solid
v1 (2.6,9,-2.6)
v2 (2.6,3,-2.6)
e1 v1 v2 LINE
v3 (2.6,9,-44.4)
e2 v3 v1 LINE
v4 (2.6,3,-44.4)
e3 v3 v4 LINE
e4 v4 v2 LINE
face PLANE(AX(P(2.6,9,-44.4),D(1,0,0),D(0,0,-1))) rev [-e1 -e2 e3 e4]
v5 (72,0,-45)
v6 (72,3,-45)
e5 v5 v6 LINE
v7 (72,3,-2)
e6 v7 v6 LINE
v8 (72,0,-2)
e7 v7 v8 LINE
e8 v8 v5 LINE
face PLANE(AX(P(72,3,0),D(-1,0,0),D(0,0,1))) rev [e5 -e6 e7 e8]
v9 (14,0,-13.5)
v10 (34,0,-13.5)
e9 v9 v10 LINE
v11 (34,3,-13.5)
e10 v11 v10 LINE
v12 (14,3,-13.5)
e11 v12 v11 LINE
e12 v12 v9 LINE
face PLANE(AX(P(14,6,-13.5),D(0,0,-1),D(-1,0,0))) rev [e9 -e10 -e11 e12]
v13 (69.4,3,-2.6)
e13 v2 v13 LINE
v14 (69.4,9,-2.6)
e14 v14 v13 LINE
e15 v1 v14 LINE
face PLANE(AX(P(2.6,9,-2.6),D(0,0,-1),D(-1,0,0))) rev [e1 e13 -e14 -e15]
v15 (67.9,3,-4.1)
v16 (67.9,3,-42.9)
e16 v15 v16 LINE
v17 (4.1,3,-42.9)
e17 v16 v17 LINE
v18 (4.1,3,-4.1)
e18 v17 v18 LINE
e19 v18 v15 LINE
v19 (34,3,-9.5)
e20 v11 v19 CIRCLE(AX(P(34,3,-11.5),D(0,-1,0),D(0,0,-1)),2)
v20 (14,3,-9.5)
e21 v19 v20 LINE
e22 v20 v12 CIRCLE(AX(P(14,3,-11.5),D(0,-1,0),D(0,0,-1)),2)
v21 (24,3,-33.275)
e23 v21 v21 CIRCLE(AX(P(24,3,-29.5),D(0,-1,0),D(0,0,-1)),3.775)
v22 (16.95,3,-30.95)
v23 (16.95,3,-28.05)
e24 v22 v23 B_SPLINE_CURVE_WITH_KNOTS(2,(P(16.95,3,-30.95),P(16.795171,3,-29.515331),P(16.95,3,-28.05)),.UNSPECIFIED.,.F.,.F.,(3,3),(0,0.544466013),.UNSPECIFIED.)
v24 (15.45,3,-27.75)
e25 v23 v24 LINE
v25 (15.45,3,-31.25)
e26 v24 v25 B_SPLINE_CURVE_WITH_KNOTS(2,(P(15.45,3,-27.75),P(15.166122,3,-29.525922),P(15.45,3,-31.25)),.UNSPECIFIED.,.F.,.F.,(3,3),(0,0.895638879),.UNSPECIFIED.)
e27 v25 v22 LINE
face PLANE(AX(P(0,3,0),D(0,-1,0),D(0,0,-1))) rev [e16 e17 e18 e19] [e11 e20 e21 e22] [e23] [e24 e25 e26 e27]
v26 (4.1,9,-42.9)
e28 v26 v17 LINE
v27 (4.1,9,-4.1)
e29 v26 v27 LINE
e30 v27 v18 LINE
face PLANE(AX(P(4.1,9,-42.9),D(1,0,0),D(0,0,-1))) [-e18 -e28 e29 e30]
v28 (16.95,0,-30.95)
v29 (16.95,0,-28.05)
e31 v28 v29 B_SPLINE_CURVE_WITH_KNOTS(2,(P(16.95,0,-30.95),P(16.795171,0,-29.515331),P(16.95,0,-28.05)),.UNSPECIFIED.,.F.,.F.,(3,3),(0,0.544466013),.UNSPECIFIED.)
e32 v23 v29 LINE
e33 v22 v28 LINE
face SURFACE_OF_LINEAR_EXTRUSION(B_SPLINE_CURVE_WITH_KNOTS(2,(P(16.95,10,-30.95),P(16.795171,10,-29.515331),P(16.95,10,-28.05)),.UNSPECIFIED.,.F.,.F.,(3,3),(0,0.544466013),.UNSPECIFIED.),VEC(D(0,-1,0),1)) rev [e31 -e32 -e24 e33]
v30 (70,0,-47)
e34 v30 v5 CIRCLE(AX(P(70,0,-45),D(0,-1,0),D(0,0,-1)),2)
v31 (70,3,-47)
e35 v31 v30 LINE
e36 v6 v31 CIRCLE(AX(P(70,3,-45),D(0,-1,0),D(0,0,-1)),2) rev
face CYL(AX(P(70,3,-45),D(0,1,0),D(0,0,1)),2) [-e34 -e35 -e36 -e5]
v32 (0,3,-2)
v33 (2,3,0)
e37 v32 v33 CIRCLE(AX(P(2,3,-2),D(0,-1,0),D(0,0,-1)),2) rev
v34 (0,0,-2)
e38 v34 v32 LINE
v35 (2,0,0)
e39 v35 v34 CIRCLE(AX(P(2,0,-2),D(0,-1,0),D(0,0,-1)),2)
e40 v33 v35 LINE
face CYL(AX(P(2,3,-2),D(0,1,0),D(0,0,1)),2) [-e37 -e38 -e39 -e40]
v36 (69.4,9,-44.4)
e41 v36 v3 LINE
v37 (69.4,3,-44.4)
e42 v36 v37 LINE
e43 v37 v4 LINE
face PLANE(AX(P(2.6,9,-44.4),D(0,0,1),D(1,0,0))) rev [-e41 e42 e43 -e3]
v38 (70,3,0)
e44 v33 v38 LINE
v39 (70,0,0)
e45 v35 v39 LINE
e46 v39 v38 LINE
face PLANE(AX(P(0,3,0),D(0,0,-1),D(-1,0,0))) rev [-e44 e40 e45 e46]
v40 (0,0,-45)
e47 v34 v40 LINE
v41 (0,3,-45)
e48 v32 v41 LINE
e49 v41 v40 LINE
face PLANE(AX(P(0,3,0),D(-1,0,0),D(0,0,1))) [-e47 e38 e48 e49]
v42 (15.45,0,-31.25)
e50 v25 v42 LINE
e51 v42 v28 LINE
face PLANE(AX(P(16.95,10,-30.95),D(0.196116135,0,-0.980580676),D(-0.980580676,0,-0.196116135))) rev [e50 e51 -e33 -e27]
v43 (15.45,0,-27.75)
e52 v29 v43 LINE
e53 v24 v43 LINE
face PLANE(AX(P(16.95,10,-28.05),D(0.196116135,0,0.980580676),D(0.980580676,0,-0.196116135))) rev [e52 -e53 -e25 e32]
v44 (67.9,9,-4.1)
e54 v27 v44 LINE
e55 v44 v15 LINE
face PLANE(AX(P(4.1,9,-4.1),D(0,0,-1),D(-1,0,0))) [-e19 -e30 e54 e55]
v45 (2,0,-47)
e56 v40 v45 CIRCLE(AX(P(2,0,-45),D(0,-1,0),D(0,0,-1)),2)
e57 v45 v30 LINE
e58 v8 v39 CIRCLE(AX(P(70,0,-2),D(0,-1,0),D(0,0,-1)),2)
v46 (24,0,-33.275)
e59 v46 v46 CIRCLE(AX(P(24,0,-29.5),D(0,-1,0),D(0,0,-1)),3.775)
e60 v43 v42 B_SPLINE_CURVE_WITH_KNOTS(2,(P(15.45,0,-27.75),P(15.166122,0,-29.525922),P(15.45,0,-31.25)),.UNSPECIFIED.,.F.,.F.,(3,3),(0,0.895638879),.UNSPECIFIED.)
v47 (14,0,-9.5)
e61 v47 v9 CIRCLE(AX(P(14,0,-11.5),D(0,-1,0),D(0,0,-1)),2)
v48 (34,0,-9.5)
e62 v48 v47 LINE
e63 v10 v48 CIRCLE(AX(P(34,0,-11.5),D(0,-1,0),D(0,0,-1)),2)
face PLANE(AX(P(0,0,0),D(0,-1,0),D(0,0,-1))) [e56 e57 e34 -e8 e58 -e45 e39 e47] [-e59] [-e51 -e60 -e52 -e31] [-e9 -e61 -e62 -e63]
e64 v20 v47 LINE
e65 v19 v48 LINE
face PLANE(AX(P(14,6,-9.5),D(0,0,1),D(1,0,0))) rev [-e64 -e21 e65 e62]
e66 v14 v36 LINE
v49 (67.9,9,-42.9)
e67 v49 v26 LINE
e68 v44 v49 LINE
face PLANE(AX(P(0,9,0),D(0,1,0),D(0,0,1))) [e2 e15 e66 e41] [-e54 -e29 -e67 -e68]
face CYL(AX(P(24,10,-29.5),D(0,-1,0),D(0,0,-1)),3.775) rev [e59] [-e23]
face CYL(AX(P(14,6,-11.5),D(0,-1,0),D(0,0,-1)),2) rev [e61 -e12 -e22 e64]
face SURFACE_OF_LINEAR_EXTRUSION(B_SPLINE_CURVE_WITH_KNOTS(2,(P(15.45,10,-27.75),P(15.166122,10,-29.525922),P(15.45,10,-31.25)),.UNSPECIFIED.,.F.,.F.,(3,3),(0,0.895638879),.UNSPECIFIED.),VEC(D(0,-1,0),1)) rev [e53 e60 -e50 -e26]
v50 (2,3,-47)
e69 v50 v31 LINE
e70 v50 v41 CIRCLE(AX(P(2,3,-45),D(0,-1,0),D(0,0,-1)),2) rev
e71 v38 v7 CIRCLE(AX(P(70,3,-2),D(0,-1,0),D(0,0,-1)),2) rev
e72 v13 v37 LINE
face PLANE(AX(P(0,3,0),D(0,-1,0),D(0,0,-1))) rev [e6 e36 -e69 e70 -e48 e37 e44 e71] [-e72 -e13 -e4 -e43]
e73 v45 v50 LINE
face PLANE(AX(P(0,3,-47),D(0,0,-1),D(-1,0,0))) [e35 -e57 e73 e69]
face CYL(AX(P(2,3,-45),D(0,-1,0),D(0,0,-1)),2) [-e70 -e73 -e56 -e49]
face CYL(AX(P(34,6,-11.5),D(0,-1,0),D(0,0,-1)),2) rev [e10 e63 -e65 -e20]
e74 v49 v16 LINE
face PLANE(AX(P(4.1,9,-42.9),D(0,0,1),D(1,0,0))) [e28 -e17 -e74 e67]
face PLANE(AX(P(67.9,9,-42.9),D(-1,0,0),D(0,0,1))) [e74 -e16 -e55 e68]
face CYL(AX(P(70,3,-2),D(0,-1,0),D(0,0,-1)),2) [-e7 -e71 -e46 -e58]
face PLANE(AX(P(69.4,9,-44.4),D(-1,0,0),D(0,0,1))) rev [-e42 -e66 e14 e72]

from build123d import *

# Parameters (mm, degrees)
SKETCH2_W           = 72
SKETCH2_H           = 47
BOSS_EXTRUDE1_DEPTH = 3
FILLET1_R           = 2
SKETCH3_W           = 66.8
SKETCH3_H           = 41.8
SKETCH3_W_2         = 63.8
SKETCH3_H_2         = 38.8
BOSS_EXTRUDE2_DEPTH = 6
CUT_EXTRUDE1_DEPTH  = 6
SKETCH5_R           = 3.775
CUT_EXTRUDE2_DEPTH  = 10
CUT_EXTRUDE3_DEPTH  = 10


with BuildPart() as part:
    # Sketch2 → Boss-Extrude1 (new body)
    with BuildSketch(Plane(origin=(0, 0, 0), x_dir=(1, 0, 0), z_dir=(0, 1, 0))):
        with Locations((36, 23.5)):
            Rectangle(SKETCH2_W, SKETCH2_H)
    extrude(amount=BOSS_EXTRUDE1_DEPTH)

    # Fillet1
    fillet1_edges = [part.edges().sort_by_distance(p)[0] for p in [
        (0, 1.5, 0),
        (72, 1.5, 0),
        (72, 1.5, -47),
        (0, 1.5, -47),
    ]]
    fillet(fillet1_edges, radius=FILLET1_R)

    # Sketch3 → Boss-Extrude2 (add)
    with BuildSketch(Plane(origin=(0, 3, 0), x_dir=(1, 0, 0), z_dir=(0, 1, 0))):
        with Locations((36, 23.5)):
            Rectangle(SKETCH3_W, SKETCH3_H)
        with Locations((36, 23.5)):
            Rectangle(SKETCH3_W_2, SKETCH3_H_2, mode=Mode.SUBTRACT)
    extrude(amount=BOSS_EXTRUDE2_DEPTH)

    # Sketch4 → Cut-Extrude1 (cut)
    with BuildSketch(Plane.XZ):
        with BuildLine():
            Line((14, -9.5), (34, -9.5))
            ThreePointArc((34, -9.5), (36, -11.5), (34, -13.5))
            Line((34, -13.5), (14, -13.5))
            ThreePointArc((14, -13.5), (12, -11.5), (14, -9.5))
        make_face()
    extrude(amount=-CUT_EXTRUDE1_DEPTH, mode=Mode.SUBTRACT)

    # Sketch5 → Cut-Extrude2 (cut)
    with BuildSketch(Plane.XZ):
        with Locations(Location((24, -29.5, 0), (0, 0, 270))):
            Circle(SKETCH5_R)
    extrude(amount=-CUT_EXTRUDE2_DEPTH, mode=Mode.SUBTRACT)

    # Sketch7 → Cut-Extrude3 (cut)
    with BuildSketch(Plane.XZ):
        with BuildLine():
            Line((16.95, -28.05), (15.45, -27.75))
            add(Edge.make_bspline(
                [(15.45, -27.75), (15.16612192, -29.525922028), (15.45, -31.25)],
                knots=[0, 0, 0, 0.895638879, 0.895638879, 0.895638879], degree=2))
            Line((15.45, -31.25), (16.95, -30.95))
            add(Edge.make_bspline(
                [(16.95, -28.05), (16.795171073, -29.515331085), (16.95, -30.95)],
                knots=[0, 0, 0, 0.544466013, 0.544466013, 0.544466013], degree=2))
        make_face()
    extrude(amount=-CUT_EXTRUDE3_DEPTH, mode=Mode.SUBTRACT)


solid = part.part
